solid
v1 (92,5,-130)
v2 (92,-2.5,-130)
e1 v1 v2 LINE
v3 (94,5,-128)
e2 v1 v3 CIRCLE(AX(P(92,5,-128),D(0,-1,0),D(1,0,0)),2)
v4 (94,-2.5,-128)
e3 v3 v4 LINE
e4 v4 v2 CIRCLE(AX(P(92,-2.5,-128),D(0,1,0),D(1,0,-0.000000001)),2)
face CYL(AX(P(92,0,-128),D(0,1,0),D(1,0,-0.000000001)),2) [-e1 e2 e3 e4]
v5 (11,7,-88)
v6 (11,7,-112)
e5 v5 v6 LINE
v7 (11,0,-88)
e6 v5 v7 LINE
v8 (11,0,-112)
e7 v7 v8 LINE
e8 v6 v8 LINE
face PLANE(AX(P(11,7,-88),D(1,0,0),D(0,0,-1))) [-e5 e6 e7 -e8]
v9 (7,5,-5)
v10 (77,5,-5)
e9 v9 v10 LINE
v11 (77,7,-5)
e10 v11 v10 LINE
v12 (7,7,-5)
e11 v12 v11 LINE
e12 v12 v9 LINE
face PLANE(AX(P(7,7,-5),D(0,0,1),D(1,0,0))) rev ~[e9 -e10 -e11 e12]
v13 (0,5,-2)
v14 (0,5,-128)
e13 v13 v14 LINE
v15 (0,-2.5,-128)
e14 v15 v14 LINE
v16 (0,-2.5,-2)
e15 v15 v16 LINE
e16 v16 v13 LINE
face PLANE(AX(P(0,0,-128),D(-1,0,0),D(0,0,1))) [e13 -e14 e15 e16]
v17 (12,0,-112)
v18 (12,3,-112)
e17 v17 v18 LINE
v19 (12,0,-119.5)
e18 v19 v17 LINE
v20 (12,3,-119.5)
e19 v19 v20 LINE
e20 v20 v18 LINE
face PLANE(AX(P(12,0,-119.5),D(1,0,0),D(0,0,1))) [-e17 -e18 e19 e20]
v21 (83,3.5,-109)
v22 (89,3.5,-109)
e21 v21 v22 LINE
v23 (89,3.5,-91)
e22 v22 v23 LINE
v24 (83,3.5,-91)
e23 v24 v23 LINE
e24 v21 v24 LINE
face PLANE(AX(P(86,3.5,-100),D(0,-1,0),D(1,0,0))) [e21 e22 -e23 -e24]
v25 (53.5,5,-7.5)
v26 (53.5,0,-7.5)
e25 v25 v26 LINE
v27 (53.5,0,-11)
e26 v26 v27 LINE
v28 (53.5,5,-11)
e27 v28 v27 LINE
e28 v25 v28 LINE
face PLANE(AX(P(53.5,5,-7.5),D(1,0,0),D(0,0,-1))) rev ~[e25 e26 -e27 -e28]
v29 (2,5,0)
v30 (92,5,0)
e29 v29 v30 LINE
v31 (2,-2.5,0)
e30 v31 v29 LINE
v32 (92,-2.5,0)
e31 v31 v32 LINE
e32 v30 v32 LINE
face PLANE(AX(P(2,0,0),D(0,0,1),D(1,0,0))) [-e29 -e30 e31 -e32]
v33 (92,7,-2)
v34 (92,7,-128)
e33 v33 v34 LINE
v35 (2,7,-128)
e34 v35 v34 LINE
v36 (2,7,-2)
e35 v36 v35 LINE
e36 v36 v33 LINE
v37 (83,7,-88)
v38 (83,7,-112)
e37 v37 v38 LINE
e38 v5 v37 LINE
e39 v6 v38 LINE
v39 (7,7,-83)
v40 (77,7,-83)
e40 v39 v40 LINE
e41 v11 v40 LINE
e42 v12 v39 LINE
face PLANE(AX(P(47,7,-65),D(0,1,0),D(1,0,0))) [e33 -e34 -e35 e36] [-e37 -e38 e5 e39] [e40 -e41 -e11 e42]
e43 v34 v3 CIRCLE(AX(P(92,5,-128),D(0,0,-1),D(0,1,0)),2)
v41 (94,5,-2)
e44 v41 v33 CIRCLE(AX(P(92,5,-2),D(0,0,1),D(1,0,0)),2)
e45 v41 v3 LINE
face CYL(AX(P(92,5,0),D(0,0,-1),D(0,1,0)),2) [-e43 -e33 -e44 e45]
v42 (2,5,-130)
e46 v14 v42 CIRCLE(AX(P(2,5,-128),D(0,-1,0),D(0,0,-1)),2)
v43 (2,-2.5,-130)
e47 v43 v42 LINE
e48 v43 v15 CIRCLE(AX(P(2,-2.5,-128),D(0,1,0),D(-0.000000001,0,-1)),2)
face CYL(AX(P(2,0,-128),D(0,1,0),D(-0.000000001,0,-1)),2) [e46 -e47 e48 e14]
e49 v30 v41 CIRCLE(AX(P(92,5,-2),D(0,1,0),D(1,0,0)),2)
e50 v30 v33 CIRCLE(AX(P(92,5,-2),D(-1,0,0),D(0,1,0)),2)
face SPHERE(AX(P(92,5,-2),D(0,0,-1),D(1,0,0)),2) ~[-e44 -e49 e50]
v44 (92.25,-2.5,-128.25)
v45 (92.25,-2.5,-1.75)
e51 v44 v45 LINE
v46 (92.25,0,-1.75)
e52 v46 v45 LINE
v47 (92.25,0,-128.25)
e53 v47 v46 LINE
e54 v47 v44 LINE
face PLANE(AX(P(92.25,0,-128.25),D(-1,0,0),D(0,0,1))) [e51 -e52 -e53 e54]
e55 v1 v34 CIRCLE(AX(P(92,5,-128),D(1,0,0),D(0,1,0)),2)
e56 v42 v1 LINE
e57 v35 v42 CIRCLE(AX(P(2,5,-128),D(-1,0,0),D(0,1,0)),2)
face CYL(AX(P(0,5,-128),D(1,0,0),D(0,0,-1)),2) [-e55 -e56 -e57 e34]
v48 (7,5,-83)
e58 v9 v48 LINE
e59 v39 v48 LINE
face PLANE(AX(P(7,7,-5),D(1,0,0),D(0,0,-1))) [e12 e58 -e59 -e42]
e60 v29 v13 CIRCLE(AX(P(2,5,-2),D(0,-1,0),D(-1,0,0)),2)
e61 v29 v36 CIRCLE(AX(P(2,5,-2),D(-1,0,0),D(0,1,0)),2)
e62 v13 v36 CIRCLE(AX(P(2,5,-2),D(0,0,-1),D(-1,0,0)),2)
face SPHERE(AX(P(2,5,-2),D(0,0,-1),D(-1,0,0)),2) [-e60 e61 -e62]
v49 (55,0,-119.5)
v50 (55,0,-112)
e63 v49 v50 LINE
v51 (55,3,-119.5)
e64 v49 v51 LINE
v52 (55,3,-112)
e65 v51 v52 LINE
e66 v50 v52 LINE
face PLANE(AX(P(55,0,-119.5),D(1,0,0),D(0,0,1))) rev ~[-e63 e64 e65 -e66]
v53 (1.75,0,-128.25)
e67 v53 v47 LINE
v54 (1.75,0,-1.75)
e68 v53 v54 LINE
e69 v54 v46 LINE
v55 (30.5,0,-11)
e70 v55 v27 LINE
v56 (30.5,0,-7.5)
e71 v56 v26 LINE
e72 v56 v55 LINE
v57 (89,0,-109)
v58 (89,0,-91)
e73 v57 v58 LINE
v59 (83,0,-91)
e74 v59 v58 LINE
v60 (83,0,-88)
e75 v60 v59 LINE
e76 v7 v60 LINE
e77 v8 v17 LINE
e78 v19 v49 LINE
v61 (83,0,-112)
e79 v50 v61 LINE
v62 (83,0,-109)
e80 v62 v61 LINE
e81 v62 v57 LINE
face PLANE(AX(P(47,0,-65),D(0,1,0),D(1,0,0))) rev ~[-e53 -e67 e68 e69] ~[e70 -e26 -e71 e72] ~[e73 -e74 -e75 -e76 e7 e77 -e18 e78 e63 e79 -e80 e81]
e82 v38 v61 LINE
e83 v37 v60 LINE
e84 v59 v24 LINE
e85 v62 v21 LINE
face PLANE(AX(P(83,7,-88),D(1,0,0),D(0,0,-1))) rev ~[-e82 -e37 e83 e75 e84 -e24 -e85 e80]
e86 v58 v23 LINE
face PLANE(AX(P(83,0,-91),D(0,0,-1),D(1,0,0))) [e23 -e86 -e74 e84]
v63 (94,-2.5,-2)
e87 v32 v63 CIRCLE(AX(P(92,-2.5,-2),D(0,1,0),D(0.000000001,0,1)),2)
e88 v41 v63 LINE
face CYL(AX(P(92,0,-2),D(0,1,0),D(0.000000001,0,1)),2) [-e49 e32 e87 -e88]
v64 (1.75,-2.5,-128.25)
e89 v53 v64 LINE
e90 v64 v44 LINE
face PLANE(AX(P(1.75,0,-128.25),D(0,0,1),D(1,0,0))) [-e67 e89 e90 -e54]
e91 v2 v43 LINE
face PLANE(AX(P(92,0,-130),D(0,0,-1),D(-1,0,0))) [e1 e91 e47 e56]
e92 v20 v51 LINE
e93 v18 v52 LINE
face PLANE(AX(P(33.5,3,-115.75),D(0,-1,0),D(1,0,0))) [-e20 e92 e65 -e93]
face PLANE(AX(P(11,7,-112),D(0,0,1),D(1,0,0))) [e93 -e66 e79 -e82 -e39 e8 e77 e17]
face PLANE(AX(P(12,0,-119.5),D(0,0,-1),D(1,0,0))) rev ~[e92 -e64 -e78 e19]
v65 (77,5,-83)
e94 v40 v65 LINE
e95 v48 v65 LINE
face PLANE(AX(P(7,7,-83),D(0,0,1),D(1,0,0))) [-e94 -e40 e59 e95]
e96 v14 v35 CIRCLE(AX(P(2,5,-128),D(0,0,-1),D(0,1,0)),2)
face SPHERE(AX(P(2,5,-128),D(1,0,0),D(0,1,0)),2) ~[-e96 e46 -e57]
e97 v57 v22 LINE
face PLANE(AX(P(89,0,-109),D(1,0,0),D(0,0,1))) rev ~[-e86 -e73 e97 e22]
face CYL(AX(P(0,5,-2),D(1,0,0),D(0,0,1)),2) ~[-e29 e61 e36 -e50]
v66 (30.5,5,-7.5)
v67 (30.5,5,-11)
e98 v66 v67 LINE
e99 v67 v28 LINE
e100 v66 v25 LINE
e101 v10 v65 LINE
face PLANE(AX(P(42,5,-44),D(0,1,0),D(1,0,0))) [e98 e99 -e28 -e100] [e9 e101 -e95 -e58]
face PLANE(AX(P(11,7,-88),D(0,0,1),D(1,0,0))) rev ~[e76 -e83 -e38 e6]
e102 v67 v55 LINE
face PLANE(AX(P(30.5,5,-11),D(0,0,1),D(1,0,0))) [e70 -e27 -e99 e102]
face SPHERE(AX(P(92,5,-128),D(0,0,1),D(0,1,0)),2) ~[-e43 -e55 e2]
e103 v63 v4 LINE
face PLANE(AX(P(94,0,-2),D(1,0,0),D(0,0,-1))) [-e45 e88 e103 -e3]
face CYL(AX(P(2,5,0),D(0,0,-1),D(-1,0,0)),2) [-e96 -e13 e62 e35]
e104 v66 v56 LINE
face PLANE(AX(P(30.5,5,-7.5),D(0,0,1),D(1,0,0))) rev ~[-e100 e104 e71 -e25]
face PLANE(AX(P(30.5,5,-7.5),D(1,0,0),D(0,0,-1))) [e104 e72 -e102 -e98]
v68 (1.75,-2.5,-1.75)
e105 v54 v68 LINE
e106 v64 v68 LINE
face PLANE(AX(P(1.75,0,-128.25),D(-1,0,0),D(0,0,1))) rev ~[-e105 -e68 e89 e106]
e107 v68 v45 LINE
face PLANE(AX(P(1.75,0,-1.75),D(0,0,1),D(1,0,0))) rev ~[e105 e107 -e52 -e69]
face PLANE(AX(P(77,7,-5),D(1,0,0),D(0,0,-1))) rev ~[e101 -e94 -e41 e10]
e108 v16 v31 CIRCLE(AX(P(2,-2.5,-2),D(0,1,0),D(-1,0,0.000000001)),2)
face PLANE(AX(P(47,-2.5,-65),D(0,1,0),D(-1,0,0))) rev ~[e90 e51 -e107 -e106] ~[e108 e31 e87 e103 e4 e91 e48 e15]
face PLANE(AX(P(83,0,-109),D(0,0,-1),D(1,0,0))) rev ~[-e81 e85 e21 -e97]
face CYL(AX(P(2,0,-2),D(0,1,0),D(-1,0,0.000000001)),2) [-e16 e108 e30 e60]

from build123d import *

# Parameters (mm, degrees)
SKETCH1_W           = 94
SKETCH1_H           = 130
BOSS_EXTRUDE1_DEPTH = 7
SKETCH2_W           = 72
SKETCH2_H           = 24
CUT_EXTRUDE1_DEPTH  = 8
SKETCH3_W           = 6
SKETCH3_H           = 18
CUT_EXTRUDE2_DEPTH  = 3.5
SKETCH4_W           = 43
SKETCH4_H           = 7.5
CUT_EXTRUDE3_DEPTH  = 3
SKETCH5_W           = 70
SKETCH5_H           = 78
CUT_EXTRUDE4_DEPTH  = 2
SKETCH6_W           = 23
SKETCH6_H           = 3.5
CUT_EXTRUDE5_DEPTH  = 6
FILLET1_R           = 2
SKETCH8_W           = 90.5
SKETCH8_H           = 126.5
BOSS_EXTRUDE2_DEPTH = 2.5


with BuildPart() as part:
    # Sketch1 → Boss-Extrude1 (new body)
    with BuildSketch(Plane(origin=(0, 0, 0), x_dir=(1, 0, 0), z_dir=(0, 1, 0))):
        with Locations((47, 65)):
            Rectangle(SKETCH1_W, SKETCH1_H)
    extrude(amount=BOSS_EXTRUDE1_DEPTH)

    # Sketch2 → Cut-Extrude1 (cut, through all)
    with BuildSketch(Plane(origin=(0, 7, 0), x_dir=(1, 0, 0), z_dir=(0, 1, 0))):
        with Locations((47, 100)):
            Rectangle(SKETCH2_W, SKETCH2_H)
    extrude(amount=-CUT_EXTRUDE1_DEPTH, mode=Mode.SUBTRACT)

    # Sketch3 → Cut-Extrude2 (cut)
    with BuildSketch(Plane.XZ):
        with Locations((86, -100)):
            Rectangle(SKETCH3_W, SKETCH3_H)
    extrude(amount=-CUT_EXTRUDE2_DEPTH, mode=Mode.SUBTRACT)

    # Sketch4 → Cut-Extrude3 (cut)
    with BuildSketch(Plane.XZ):
        with Locations((33.5, -115.75)):
            Rectangle(SKETCH4_W, SKETCH4_H)
    extrude(amount=-CUT_EXTRUDE3_DEPTH, mode=Mode.SUBTRACT)

    # Sketch5 → Cut-Extrude4 (cut)
    with BuildSketch(Plane(origin=(0, 7, 0), x_dir=(1, 0, 0), z_dir=(0, 1, 0))):
        with Locations((42, 44)):
            Rectangle(SKETCH5_W, SKETCH5_H)
    extrude(amount=-CUT_EXTRUDE4_DEPTH, mode=Mode.SUBTRACT)

    # Sketch6 → Cut-Extrude5 (cut, through all)
    with BuildSketch(Plane(origin=(0, 5, 0), x_dir=(1, 0, 0), z_dir=(0, 1, 0))):
        with Locations((42, 9.25)):
            Rectangle(SKETCH6_W, SKETCH6_H)
    extrude(amount=-CUT_EXTRUDE5_DEPTH, mode=Mode.SUBTRACT)

    # Fillet1
    fillet1_edges = [part.edges().sort_by_distance(p)[0] for p in [
        (94, 7, -65),
        (47, 7, -130),
        (0, 7, -65),
        (0, 3.5, -130),
        (94, 3.5, -130),
        (94, 3.5, 0),
        (0, 3.5, 0),
        (47, 7, 0),
    ]]
    fillet(fillet1_edges, radius=FILLET1_R)

    # Sketch8 → Boss-Extrude2 (add)
    with BuildSketch(Plane.XZ):
        with BuildLine():
            Line((92, -130), (2, -130))
            ThreePointArc((2, -130), (0.585786438, -129.414213562), (0, -128))
            Line((0, -128), (0, -2))
            ThreePointArc((0, -2), (0.585786438, -0.585786438), (2, 0))
            Line((2, 0), (92, 0))
            ThreePointArc((92, 0), (93.414213562, -0.585786438), (94, -2))
            Line((94, -2), (94, -128))
            ThreePointArc((94, -128), (93.414213562, -129.414213562), (92, -130))
        make_face()
        with Locations((47, -65)):
            Rectangle(SKETCH8_W, SKETCH8_H, mode=Mode.SUBTRACT)
    extrude(amount=BOSS_EXTRUDE2_DEPTH)


solid = part.part
